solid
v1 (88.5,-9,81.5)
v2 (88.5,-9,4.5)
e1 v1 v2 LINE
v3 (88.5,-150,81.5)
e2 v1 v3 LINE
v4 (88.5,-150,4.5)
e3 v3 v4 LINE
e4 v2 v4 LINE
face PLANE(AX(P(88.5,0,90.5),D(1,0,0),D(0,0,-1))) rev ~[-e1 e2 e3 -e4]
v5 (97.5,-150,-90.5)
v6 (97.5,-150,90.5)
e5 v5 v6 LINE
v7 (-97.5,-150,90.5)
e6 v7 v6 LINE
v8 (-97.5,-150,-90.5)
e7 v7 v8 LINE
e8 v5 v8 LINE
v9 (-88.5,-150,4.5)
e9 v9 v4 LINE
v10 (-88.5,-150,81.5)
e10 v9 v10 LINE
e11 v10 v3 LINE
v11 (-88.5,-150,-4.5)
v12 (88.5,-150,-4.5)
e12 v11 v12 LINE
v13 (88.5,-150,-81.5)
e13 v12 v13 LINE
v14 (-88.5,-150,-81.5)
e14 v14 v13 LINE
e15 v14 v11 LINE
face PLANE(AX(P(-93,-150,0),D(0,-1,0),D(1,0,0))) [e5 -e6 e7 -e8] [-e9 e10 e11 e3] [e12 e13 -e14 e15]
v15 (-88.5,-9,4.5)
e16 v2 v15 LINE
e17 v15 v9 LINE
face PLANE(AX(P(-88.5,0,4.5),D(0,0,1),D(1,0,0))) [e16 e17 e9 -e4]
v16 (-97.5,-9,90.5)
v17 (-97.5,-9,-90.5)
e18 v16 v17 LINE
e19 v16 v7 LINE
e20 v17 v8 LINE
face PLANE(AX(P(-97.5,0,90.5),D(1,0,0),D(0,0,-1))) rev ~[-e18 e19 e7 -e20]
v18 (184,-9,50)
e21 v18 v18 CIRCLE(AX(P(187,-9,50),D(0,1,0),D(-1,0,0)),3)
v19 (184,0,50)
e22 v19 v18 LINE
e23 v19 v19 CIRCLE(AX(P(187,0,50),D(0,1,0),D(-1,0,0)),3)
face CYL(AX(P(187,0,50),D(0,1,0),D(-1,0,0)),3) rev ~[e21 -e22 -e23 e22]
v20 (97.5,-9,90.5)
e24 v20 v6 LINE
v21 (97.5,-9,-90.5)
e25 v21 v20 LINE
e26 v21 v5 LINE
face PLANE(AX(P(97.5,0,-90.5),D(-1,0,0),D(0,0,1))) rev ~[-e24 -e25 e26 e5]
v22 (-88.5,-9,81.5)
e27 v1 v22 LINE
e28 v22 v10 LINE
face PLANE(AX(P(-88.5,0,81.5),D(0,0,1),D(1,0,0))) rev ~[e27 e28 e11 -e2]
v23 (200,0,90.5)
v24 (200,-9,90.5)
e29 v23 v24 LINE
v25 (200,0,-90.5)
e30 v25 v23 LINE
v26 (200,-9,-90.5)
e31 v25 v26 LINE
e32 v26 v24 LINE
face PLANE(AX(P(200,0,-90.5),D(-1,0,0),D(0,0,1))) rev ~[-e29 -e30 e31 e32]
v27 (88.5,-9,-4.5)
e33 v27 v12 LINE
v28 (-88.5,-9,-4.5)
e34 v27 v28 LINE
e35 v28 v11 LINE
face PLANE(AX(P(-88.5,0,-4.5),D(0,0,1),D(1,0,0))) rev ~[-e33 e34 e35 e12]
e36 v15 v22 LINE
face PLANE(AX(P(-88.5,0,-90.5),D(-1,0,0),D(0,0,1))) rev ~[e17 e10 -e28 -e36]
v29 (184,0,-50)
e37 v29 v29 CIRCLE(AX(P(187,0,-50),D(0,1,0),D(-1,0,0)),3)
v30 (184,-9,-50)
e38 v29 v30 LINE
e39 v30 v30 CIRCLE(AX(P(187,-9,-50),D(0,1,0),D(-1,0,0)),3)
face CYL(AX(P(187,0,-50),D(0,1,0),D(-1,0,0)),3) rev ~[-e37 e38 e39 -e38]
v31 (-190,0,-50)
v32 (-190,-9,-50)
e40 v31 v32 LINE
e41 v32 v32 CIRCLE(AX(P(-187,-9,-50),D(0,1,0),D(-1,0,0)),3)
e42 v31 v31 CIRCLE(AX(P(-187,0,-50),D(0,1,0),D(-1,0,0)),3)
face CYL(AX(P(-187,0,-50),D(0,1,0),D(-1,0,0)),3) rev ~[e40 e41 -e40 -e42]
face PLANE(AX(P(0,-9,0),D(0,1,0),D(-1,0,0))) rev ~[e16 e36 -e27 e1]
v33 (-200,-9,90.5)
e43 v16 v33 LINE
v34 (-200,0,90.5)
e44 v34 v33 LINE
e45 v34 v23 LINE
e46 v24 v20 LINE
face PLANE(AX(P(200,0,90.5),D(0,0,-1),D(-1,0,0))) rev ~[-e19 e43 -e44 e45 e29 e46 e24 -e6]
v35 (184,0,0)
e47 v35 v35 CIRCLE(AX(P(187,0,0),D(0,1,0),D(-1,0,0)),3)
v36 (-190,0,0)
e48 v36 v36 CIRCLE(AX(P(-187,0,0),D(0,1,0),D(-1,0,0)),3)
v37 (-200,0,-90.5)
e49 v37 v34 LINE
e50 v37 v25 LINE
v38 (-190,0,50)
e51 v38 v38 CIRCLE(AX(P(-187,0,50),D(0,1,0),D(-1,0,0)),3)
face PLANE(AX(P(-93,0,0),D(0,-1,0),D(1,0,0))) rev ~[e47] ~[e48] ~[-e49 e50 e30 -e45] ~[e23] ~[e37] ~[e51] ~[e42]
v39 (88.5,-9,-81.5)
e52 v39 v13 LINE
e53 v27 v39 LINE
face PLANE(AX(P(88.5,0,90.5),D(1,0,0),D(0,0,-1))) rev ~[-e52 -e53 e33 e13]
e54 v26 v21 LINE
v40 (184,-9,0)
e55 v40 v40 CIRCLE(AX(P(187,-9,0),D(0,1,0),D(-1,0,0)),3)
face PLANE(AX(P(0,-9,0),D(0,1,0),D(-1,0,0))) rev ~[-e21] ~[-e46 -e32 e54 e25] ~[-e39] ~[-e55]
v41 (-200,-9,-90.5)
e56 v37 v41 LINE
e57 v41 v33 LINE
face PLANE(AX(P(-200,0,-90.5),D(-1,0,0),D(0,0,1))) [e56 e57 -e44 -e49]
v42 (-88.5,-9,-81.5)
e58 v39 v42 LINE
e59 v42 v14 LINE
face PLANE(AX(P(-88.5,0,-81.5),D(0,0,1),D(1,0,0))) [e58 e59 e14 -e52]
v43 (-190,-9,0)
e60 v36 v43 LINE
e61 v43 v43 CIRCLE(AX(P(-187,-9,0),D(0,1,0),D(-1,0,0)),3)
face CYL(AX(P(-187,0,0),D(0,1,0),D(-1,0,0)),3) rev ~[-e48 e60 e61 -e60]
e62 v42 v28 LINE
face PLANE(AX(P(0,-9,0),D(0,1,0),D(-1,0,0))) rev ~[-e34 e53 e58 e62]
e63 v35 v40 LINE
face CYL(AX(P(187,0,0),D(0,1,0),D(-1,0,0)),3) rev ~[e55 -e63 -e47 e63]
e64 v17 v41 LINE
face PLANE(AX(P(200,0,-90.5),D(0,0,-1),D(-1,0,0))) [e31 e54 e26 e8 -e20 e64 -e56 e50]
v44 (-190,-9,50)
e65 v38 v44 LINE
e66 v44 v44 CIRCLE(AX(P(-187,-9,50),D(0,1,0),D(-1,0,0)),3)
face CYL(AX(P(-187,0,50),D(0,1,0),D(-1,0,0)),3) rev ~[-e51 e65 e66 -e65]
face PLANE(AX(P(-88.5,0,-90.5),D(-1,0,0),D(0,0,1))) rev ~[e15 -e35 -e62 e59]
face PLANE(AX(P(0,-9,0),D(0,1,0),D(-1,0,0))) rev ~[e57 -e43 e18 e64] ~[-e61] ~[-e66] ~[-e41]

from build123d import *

# Parameters (mm, degrees)
F0_W     = 177
F0_H     = 9
F1_DEPTH = 150
F2_W     = 400
F2_H     = 181
F2_R     = 3
F3_DEPTH = 9
F4_DEPTH = 150


with BuildPart() as f1:
    # F0 (on Front) → F1 (new body)
    with BuildSketch(Plane.XZ):
        Rectangle(F0_W, F0_H)
        with Locations((0, -86)):
            Rectangle(F0_W, F0_H)
        with Locations((0, 86)):
            Rectangle(F0_W, F0_H)
    extrude(amount=F1_DEPTH)

    # F2 (on face) → F3 (join)
    with BuildSketch(Plane(origin=(0, 0, 0), x_dir=(-1, 0, 0), z_dir=(0, 1, 0))):
        Rectangle(F2_W, F2_H)
        with Locations((-187, -50)):
            Circle(F2_R, mode=Mode.SUBTRACT)
        with Locations((187, -50)):
            Circle(F2_R, mode=Mode.SUBTRACT)
        with Locations((-187, 0)):
            Circle(F2_R, mode=Mode.SUBTRACT)
        with Locations((-187, 50)):
            Circle(F2_R, mode=Mode.SUBTRACT)
        with Locations((187, 0)):
            Circle(F2_R, mode=Mode.SUBTRACT)
        with Locations((187, 50)):
            Circle(F2_R, mode=Mode.SUBTRACT)
    extrude(amount=-F3_DEPTH)

    # F0 (on Front) → F4 (join)
    with BuildSketch(Plane.XZ):
        Polygon((-88.5, -81.5), (-88.5, -4.5), (-88.5, 4.5), (-88.5, 81.5), (-88.5, 90.5), (-97.5, 90.5), (-97.5, -90.5), (-88.5, -90.5), align=None)
        Polygon((88.5, 4.5), (88.5, -4.5), (88.5, -81.5), (88.5, -90.5), (97.5, -90.5), (97.5, 90.5), (88.5, 90.5), (88.5, 81.5), align=None)
    extrude(amount=F4_DEPTH)


solid = f1.part
